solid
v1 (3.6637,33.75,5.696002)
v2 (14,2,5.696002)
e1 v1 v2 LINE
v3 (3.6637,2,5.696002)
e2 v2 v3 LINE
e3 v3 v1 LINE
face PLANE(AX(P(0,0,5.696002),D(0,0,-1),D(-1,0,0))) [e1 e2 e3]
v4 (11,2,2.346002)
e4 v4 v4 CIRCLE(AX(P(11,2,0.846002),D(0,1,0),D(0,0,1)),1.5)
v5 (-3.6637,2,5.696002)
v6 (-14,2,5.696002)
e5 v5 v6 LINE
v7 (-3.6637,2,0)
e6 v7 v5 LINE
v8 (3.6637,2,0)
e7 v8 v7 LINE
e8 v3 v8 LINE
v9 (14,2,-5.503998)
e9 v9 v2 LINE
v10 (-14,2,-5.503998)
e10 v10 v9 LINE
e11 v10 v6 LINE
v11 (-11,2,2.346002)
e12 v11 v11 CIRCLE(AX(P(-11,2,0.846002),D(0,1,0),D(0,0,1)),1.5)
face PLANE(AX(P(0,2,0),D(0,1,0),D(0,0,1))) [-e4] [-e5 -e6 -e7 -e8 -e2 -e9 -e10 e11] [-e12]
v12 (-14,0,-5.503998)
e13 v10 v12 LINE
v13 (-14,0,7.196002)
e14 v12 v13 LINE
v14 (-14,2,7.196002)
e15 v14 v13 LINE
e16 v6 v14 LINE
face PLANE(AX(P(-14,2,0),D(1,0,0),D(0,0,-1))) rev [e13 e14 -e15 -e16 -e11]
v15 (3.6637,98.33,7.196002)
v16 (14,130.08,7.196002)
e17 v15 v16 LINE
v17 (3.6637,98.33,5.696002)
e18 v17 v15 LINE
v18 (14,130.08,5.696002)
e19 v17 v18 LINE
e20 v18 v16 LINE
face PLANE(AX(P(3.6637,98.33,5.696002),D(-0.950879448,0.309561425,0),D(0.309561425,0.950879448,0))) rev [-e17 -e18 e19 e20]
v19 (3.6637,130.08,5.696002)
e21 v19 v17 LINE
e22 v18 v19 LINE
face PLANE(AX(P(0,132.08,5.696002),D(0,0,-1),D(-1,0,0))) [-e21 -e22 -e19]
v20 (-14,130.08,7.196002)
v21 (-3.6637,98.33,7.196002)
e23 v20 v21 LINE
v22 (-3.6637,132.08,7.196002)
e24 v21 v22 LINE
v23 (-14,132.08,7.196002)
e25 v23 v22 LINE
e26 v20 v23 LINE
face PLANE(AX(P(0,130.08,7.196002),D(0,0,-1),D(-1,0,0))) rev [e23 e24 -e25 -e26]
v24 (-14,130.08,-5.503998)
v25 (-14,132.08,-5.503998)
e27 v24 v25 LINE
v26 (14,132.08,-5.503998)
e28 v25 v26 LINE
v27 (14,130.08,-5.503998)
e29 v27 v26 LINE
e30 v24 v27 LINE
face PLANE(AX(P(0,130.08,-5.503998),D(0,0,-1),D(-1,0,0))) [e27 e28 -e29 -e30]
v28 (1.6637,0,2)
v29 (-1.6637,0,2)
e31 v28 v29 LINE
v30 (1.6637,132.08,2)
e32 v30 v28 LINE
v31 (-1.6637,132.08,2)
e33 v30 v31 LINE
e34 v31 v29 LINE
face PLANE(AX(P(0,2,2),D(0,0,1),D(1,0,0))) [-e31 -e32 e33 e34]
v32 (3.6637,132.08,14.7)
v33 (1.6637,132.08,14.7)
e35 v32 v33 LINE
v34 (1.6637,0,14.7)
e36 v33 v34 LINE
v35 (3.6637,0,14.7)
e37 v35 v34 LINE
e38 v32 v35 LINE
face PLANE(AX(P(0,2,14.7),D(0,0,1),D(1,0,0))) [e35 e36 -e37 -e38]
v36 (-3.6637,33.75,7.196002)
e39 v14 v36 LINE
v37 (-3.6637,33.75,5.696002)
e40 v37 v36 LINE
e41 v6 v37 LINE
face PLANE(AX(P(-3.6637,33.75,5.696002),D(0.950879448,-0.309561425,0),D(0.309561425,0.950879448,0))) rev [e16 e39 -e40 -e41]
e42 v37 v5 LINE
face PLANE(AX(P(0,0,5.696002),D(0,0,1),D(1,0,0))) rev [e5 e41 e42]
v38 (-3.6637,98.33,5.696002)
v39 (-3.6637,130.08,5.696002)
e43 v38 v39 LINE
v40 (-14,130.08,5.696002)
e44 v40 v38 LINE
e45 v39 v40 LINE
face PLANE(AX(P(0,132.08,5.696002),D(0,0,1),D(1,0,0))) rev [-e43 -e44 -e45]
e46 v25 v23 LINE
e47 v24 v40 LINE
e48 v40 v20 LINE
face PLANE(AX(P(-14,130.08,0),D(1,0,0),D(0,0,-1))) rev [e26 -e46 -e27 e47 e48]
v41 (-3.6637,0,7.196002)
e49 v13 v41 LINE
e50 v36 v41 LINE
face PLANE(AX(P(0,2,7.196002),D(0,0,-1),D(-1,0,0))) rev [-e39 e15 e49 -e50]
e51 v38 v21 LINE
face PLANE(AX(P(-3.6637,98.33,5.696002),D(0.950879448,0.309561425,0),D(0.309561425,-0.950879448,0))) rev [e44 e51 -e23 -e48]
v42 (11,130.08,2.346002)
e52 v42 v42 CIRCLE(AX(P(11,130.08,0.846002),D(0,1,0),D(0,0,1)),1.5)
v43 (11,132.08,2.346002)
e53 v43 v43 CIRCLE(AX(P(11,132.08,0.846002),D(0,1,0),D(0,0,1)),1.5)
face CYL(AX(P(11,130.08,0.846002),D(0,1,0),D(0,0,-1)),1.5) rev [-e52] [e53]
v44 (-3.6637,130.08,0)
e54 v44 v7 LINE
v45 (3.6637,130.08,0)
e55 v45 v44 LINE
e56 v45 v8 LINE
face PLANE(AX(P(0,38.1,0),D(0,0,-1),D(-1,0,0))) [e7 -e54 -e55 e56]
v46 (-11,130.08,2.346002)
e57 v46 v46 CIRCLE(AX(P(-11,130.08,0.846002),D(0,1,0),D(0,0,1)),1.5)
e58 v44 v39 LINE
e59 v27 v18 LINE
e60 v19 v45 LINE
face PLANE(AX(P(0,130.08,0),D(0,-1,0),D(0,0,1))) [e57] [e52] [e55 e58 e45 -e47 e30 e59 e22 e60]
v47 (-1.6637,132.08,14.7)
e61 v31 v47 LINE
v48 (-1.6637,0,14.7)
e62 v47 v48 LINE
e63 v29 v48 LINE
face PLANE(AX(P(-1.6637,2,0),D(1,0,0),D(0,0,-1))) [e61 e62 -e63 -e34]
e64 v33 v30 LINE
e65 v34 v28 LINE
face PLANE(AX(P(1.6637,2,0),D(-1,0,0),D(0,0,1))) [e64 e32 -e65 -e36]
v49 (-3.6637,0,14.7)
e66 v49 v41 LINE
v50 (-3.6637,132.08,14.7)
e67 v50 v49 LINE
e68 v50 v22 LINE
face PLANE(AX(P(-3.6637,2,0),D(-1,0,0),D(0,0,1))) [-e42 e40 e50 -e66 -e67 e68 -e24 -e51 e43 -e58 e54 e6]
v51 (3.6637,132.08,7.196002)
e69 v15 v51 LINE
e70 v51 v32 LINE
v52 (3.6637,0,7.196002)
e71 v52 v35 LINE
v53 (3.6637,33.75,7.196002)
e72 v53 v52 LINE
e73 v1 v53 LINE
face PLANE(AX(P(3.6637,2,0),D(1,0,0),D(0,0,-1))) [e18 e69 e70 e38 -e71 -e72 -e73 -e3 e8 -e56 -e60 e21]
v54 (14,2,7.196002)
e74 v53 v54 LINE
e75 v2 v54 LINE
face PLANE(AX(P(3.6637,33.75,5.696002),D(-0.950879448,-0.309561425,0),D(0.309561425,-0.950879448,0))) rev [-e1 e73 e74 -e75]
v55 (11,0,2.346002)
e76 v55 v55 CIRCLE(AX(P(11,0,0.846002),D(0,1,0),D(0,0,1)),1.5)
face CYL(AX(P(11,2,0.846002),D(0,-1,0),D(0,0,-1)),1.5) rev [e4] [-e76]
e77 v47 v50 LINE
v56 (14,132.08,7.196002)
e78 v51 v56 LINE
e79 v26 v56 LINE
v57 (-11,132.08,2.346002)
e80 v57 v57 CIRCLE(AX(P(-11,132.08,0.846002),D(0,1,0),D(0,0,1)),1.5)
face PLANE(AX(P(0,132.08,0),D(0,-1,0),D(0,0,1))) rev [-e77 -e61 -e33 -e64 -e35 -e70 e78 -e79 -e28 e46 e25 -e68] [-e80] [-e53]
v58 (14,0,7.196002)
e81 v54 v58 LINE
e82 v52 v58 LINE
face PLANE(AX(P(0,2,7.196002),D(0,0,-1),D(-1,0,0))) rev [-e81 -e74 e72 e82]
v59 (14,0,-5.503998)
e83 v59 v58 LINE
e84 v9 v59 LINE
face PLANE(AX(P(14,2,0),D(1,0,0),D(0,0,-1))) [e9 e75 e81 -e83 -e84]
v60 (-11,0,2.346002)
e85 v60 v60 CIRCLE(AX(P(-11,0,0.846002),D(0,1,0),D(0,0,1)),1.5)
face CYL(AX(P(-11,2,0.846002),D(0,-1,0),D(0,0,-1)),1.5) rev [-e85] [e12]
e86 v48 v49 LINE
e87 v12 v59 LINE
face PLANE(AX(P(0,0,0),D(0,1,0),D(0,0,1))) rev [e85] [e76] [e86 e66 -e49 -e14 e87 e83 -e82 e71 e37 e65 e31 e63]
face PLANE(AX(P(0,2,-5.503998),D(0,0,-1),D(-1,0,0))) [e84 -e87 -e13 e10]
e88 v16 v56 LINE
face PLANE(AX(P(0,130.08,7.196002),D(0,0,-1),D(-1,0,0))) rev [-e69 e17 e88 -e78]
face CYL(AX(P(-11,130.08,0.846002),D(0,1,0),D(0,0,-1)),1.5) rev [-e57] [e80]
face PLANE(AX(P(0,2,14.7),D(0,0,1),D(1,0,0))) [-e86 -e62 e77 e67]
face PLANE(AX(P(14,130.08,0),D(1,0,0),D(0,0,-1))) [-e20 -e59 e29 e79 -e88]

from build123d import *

# Parameters (mm, degrees)
SKETCH1_R           = 1.5
BOSS_EXTRUDE1_DEPTH = 2
BOSS_EXTRUDE2_DEPTH = 38.1
BOSS_EXTRUDE3_DEPTH = 1.5
BOSS_EXTRUDE6_DEPTH = 27.94


with BuildPart() as part:
    # Sketch1 → Boss-Extrude1 (new body)
    with BuildSketch(Plane(origin=(0, 0, 0), x_dir=(1, 0, 0), z_dir=(0, 1, 0))):
        Polygon((-14, 5.5039982), (-14, -7.1960018), (-3.6637, -7.1960018), (-3.6637, -14.7), (-1.6637, -14.7), (-1.6637, -2), (1.6637, -2), (1.6637, -14.7), (3.6637, -14.7), (3.6637, -7.1960018), (14, -7.1960018), (14, 5.5039982), align=None)
        with Locations((-11, -0.8460018)):
            Circle(SKETCH1_R, mode=Mode.SUBTRACT)
        with Locations((11, -0.8460018)):
            Circle(SKETCH1_R, mode=Mode.SUBTRACT)
    extrude(amount=BOSS_EXTRUDE1_DEPTH)

    # Sketch1<3> → Boss-Extrude2 (add)
    with BuildSketch(Plane(origin=(0, 0, 0), x_dir=(1, 0, 0), z_dir=(0, 1, 0))):
        Polygon((3.6637, 0), (-3.6637, 0), (-3.6637, -14.7), (-1.6637, -14.7), (-1.6637, -2), (1.6637, -2), (1.6637, -14.7), (3.6637, -14.7), align=None)
    extrude(amount=BOSS_EXTRUDE2_DEPTH)

    # Sketch2 → Boss-Extrude3 (add)
    with BuildSketch(Plane(origin=(0, 0, 7.1960018), x_dir=(-1, 0, 0), z_dir=(0, 0, -1))):
        Polygon((3.6637, 2), (3.6637, 33.75), (14, 2), align=None)
        Polygon((-14, 2), (-3.6637, 2), (-3.6637, 33.75), align=None)
    extrude(amount=BOSS_EXTRUDE3_DEPTH)

    # Sketch6 → Boss-Extrude6 (add)
    with BuildSketch(Plane(origin=(0, 38.1, 0), x_dir=(1, 0, 0), z_dir=(0, 1, 0))):
        Polygon((1.6637, -14.7), (3.6637, -14.7), (3.6637, 0), (-3.6637, 0), (-3.6637, -14.7), (-1.6637, -14.7), (-1.6637, -2), (1.6637, -2), align=None)
    extrude(amount=BOSS_EXTRUDE6_DEPTH)

    # Mirror6: part across plane


with BuildPart() as part_1:
    add(part.part)
    add(part.part.mirror(Plane(origin=(0, 66.04, 0), x_dir=(0, 0, 1), z_dir=(0, -1, 0))))


solid = part_1.part
